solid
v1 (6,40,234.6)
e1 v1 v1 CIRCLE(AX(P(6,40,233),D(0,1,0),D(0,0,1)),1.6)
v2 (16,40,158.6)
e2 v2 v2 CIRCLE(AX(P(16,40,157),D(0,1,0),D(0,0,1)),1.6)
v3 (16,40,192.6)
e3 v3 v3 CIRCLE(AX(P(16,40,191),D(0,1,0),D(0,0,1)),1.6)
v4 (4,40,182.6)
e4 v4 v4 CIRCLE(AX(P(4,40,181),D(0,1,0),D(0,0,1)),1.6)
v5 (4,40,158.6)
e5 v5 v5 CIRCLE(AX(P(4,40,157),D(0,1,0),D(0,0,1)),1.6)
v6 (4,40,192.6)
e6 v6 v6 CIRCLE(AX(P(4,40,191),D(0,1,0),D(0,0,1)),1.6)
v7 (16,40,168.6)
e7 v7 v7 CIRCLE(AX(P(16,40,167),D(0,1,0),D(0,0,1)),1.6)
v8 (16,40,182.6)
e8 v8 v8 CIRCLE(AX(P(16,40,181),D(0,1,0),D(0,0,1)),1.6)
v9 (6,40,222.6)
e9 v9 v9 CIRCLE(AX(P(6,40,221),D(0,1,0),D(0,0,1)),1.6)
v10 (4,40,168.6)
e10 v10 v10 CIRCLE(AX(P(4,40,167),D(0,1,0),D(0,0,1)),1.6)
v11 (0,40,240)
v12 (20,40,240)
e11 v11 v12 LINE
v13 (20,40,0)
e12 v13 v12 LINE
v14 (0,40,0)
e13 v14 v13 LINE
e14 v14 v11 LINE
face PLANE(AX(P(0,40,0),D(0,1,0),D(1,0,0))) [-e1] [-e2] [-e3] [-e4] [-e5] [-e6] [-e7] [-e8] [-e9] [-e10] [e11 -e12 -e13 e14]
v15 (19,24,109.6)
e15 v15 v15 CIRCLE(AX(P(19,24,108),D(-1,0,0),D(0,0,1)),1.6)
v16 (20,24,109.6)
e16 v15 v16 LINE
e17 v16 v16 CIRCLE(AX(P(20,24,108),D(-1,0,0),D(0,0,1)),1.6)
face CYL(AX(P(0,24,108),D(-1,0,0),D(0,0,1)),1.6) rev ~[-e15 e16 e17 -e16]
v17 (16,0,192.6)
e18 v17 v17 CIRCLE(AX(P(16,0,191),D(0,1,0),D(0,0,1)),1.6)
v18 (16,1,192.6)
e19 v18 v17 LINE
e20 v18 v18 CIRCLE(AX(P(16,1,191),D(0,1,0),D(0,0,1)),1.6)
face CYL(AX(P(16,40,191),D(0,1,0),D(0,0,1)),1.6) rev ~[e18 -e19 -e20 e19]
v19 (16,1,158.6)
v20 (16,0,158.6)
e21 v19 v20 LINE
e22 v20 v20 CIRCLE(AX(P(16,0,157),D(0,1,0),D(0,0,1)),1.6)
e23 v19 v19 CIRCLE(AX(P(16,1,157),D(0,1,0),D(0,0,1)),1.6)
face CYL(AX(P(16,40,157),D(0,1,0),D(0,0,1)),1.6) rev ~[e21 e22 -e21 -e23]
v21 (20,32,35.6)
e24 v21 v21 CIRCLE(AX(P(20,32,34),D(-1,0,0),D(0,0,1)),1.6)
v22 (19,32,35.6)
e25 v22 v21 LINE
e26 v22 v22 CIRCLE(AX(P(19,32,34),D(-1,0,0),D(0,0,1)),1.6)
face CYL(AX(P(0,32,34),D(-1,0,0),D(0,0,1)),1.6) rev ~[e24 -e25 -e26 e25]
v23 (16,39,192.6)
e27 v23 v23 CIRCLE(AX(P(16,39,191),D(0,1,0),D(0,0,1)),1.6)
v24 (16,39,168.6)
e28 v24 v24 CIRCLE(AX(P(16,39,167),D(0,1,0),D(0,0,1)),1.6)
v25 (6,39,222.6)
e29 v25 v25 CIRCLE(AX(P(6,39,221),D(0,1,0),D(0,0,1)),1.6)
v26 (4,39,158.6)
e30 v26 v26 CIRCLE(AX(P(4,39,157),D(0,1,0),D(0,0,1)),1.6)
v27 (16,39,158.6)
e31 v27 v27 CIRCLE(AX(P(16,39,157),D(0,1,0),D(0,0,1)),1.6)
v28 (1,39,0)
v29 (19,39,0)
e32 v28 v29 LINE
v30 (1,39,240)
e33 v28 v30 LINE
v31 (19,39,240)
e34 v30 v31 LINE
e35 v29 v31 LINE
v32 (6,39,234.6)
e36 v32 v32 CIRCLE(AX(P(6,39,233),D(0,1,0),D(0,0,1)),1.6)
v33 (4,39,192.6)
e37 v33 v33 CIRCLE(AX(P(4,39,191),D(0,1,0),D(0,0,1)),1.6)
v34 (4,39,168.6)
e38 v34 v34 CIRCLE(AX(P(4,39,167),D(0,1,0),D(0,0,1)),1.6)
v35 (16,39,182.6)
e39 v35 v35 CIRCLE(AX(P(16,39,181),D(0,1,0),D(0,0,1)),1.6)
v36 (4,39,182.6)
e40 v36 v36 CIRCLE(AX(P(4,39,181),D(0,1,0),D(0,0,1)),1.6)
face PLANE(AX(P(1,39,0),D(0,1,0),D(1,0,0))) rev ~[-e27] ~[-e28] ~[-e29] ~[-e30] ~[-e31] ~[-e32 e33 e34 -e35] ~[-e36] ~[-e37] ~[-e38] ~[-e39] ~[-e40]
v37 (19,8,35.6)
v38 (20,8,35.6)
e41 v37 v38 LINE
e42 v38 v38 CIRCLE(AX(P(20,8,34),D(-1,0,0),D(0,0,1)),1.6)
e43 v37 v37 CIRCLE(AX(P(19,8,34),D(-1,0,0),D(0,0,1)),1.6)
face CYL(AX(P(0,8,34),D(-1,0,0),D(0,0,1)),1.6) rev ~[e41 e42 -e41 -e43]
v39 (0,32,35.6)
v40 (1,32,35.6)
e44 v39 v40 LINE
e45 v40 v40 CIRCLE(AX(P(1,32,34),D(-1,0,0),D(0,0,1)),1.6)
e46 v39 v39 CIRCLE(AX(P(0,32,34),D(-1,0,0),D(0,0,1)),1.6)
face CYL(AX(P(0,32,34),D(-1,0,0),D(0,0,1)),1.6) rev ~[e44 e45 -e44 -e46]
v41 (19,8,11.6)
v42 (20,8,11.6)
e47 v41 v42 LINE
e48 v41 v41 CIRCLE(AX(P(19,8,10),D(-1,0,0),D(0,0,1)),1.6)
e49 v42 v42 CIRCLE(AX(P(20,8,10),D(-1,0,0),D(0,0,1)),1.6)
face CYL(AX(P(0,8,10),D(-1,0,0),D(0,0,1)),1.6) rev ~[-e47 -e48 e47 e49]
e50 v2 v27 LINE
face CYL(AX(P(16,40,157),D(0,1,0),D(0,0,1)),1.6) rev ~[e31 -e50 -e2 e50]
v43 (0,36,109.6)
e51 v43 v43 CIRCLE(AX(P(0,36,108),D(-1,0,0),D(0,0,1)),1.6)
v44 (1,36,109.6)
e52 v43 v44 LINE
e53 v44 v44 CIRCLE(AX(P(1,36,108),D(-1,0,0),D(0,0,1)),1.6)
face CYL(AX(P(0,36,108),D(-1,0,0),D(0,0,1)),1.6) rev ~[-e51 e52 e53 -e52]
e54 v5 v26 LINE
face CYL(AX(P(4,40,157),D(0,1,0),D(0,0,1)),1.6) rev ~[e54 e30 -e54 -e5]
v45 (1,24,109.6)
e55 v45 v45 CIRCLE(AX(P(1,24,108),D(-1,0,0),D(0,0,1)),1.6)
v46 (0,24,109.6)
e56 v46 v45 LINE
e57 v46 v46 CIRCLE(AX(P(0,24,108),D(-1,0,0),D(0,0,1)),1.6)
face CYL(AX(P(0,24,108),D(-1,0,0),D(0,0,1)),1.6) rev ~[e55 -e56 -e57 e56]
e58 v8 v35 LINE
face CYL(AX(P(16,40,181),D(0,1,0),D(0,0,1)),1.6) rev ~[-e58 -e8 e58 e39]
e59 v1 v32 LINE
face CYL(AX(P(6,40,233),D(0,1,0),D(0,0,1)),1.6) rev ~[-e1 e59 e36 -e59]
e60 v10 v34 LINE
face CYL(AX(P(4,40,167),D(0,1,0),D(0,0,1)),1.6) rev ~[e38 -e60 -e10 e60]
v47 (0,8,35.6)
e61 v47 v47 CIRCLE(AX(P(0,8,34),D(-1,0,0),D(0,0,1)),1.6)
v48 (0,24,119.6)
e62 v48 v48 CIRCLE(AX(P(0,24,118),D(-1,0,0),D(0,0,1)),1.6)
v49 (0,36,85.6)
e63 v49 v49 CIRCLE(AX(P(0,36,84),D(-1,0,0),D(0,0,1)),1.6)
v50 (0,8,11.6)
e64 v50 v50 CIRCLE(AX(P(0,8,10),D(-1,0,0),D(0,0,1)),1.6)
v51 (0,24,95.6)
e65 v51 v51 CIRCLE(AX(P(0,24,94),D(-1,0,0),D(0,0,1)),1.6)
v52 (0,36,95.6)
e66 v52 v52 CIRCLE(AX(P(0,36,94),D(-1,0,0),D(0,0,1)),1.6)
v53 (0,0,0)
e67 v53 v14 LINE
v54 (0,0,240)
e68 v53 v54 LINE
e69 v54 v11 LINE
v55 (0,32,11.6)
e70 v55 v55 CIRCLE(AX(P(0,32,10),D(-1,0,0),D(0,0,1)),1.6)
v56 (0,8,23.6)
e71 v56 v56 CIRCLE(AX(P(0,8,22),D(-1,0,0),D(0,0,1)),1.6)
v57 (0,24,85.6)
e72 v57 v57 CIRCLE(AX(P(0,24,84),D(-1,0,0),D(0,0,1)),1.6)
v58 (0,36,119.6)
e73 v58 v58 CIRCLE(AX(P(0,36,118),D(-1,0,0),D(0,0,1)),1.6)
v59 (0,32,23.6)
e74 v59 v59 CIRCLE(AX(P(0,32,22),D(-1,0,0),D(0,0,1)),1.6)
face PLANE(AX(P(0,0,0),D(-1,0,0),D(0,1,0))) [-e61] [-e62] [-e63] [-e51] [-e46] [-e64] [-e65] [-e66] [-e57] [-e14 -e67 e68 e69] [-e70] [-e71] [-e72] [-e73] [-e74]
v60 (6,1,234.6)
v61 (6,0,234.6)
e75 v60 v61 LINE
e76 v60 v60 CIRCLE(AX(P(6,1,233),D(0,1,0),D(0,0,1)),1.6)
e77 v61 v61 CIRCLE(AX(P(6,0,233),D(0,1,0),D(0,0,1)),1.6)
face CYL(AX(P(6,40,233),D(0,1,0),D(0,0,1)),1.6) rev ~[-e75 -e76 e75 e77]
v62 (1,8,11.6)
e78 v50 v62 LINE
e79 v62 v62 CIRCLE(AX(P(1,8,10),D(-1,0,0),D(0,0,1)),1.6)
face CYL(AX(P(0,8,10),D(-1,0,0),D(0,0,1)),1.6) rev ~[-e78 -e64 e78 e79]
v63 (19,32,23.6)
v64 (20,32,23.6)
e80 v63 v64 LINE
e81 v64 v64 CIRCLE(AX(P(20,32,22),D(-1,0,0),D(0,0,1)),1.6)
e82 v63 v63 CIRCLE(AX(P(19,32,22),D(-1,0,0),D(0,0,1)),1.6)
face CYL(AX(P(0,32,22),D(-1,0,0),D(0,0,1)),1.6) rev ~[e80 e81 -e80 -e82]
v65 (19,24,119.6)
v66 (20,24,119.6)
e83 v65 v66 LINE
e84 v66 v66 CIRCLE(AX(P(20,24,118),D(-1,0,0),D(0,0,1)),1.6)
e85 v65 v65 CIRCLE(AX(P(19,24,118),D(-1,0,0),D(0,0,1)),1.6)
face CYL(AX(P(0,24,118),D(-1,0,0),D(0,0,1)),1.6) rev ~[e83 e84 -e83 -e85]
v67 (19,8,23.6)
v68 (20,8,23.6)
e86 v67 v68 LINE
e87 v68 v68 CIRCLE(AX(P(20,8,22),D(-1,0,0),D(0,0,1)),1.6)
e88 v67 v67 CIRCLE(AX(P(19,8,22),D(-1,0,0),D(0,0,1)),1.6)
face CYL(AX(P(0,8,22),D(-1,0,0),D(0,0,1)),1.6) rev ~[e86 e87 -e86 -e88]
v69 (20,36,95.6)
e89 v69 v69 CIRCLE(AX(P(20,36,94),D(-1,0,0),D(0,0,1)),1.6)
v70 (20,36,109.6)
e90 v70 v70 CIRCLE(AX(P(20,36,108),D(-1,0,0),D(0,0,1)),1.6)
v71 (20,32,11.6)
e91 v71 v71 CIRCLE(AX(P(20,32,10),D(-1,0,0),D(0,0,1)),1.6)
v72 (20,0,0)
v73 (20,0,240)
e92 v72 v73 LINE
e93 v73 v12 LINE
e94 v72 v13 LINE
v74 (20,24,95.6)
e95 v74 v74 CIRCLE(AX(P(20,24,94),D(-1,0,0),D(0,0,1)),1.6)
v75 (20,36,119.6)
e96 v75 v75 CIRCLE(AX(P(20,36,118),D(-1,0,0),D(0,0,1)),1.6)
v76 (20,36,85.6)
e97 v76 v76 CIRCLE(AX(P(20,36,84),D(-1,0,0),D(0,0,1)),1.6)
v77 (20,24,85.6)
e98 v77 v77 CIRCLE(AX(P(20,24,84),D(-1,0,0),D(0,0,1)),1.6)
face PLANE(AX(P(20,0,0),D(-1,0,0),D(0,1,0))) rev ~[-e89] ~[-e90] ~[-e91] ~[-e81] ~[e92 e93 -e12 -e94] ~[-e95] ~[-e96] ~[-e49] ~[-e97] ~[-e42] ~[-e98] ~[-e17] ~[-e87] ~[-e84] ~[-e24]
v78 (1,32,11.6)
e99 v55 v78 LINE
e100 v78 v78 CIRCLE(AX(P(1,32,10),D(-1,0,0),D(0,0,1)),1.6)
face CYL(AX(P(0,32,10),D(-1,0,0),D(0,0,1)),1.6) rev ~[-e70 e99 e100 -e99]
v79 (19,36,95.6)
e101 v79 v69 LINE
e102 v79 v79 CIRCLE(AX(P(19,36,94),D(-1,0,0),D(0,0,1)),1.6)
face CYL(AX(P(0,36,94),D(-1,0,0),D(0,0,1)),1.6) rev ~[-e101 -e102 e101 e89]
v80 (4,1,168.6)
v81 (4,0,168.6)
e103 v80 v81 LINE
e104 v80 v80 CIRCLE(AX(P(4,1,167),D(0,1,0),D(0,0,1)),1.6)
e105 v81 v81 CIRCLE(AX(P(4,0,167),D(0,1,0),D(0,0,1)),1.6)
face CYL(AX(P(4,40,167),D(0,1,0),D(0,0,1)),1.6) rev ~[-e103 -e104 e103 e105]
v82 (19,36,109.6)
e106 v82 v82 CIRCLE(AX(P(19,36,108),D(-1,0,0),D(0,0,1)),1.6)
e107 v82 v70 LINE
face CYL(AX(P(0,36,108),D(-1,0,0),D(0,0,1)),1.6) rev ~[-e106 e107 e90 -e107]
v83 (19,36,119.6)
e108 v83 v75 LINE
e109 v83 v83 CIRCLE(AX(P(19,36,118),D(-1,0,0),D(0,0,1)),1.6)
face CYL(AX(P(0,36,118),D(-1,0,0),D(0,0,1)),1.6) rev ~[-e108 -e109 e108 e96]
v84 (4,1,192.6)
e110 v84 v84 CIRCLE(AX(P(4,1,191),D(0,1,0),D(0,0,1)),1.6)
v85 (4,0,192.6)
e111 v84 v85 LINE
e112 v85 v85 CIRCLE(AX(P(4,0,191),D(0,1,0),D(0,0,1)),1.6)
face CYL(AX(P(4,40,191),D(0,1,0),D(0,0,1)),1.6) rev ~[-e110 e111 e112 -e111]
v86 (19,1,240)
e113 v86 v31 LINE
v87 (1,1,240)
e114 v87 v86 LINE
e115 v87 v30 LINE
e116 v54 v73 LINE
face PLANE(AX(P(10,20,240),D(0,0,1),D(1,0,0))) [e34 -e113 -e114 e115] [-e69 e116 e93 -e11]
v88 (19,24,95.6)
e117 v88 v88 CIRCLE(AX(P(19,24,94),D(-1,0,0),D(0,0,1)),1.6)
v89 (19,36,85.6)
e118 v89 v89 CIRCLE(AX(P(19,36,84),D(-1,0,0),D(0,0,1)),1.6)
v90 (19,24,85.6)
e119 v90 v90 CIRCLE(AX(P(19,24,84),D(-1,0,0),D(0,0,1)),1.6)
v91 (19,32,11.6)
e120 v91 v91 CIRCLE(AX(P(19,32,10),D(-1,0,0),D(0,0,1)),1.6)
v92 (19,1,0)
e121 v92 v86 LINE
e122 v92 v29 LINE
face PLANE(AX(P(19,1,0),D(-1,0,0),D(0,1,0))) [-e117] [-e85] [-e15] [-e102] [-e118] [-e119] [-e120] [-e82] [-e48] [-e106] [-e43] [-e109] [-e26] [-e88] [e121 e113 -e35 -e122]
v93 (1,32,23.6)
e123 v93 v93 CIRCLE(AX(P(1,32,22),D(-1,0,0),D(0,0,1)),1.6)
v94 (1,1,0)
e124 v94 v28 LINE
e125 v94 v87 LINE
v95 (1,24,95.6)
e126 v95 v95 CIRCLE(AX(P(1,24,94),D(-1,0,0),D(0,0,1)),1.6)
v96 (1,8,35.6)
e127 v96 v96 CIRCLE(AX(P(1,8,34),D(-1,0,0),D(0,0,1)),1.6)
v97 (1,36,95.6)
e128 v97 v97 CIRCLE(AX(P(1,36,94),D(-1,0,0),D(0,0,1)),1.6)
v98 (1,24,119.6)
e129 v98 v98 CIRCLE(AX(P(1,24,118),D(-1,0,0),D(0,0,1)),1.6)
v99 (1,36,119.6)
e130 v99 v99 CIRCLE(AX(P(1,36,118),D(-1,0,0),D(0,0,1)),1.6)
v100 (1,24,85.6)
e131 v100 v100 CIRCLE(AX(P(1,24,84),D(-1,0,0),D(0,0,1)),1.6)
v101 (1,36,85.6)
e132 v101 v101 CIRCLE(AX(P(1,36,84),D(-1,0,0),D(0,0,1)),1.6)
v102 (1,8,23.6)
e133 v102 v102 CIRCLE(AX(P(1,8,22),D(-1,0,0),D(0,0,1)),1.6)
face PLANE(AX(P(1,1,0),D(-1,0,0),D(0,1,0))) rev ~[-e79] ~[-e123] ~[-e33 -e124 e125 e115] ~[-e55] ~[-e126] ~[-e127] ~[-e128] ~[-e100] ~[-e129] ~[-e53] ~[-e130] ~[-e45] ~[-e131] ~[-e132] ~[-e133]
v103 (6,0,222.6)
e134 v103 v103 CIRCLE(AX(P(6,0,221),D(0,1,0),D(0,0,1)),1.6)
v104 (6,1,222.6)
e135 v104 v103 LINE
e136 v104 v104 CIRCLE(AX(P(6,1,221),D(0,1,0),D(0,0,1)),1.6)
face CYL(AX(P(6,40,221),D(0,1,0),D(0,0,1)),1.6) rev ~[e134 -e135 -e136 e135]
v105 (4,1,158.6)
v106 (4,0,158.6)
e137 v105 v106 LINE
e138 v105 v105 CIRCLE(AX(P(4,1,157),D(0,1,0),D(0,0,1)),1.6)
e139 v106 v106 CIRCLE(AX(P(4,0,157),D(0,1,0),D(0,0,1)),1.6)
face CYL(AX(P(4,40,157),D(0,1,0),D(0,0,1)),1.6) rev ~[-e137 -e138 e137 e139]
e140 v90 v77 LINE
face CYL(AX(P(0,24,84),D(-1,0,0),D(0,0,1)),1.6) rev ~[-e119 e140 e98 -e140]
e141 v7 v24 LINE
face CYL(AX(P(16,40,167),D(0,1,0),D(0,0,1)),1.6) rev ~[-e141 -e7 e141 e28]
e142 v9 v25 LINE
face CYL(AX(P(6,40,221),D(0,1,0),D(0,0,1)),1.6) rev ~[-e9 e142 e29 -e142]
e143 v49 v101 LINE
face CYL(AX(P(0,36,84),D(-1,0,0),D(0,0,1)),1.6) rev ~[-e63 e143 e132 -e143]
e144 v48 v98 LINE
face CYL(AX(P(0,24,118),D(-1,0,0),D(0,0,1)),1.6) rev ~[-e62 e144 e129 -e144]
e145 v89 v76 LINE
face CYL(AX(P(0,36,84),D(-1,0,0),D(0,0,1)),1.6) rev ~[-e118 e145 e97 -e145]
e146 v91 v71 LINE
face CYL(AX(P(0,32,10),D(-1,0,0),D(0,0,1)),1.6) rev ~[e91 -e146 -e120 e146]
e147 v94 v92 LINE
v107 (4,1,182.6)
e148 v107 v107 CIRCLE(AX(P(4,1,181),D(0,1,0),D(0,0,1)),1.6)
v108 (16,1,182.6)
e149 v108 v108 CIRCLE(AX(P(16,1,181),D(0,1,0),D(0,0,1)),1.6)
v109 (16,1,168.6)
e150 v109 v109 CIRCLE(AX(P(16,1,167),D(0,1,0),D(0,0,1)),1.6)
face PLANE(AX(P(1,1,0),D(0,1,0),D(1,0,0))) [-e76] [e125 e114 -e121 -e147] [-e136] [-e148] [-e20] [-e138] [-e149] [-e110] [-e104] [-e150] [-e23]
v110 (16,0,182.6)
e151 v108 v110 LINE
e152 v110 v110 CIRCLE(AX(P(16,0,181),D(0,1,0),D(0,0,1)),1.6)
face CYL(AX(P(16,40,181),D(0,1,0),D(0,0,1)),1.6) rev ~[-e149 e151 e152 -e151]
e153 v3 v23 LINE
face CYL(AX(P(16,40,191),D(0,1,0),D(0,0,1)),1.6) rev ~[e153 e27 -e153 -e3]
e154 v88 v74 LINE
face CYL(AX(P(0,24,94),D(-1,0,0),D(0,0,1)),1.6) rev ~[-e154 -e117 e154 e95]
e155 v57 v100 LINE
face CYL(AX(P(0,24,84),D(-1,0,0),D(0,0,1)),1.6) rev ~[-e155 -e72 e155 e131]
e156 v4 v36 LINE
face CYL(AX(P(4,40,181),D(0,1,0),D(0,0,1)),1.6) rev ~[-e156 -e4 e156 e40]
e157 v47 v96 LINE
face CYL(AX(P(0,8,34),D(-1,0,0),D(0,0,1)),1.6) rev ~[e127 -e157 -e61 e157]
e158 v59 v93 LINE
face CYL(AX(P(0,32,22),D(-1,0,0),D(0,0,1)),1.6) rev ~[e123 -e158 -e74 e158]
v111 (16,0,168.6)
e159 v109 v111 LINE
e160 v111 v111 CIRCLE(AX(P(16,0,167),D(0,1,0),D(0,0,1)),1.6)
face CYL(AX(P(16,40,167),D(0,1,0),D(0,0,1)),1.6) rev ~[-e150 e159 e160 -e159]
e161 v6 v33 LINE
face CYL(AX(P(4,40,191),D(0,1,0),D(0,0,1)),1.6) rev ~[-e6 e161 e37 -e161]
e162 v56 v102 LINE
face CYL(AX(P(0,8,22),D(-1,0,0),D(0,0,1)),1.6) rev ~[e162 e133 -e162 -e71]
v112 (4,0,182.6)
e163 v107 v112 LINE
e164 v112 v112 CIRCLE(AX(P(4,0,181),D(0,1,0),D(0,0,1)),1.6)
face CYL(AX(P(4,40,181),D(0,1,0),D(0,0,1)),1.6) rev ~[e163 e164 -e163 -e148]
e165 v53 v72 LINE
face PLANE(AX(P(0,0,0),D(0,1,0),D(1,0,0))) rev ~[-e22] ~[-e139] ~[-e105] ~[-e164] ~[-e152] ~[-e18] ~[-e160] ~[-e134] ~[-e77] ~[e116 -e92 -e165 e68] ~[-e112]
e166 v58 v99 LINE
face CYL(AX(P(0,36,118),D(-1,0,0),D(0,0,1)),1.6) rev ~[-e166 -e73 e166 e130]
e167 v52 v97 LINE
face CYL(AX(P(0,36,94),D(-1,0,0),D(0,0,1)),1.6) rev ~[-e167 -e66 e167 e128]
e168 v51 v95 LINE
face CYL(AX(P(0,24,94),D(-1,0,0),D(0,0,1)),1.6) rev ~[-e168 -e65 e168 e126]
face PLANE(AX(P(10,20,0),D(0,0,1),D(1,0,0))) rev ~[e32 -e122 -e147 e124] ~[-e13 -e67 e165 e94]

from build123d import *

# Parameters (mm, degrees)
SKETCH_1_W          = 20
SKETCH_1_H          = 40
SKETCH_1_W_2        = 18
SKETCH_1_H_2        = 38
EXTRUDE_1_DEPTH     = 240
SKETCH_2_R          = 1.6
CUT_EXTRUDE_1_DEPTH = 280
SKETCH_3_R          = 1.6
CUT_EXTRUDE_2_DEPTH = 280


with BuildPart() as part:
    # 草图1 → 凸台-拉伸1 (new body)
    with BuildSketch(Plane.XY):
        with Locations((10, 20)):
            Rectangle(SKETCH_1_W, SKETCH_1_H)
        with Locations((10, 20)):
            Rectangle(SKETCH_1_W_2, SKETCH_1_H_2, mode=Mode.SUBTRACT)
    extrude(amount=EXTRUDE_1_DEPTH)

    # 草图2 → 切除-拉伸1 (cut)
    with BuildSketch(Plane(origin=(0, 40, 0), x_dir=(1, 0, 0), z_dir=(0, 1, 0))):
        with Locations(Location((6, -221, 0), (0, 0, 270))):
            Circle(SKETCH_2_R)
        with Locations(Location((6, -233, 0), (0, 0, 270))):
            Circle(SKETCH_2_R)
        with Locations((34, -221)):
            Circle(SKETCH_2_R)
        with Locations((34, -233)):
            Circle(SKETCH_2_R)
        with Locations(Location((4, -191, 0), (0, 0, 270))):
            Circle(SKETCH_2_R)
        with Locations(Location((4, -181, 0), (0, 0, 270))):
            Circle(SKETCH_2_R)
        with Locations(Location((16, -167, 0), (0, 0, 270))):
            Circle(SKETCH_2_R)
        with Locations(Location((16, -157, 0), (0, 0, 270))):
            Circle(SKETCH_2_R)
        with Locations(Location((4, -167, 0), (0, 0, 270))):
            Circle(SKETCH_2_R)
        with Locations(Location((4, -157, 0), (0, 0, 270))):
            Circle(SKETCH_2_R)
        with Locations(Location((16, -191, 0), (0, 0, 270))):
            Circle(SKETCH_2_R)
        with Locations(Location((16, -181, 0), (0, 0, 270))):
            Circle(SKETCH_2_R)
    extrude(amount=-CUT_EXTRUDE_1_DEPTH, mode=Mode.SUBTRACT)

    # 草图3 → 切除-拉伸2 (cut)
    with BuildSketch(Plane.ZY):
        with Locations((10, 8)):
            Circle(SKETCH_3_R)
        with Locations((34, 8)):
            Circle(SKETCH_3_R)
        with Locations((10, 32)):
            Circle(SKETCH_3_R)
        with Locations((34, 32)):
            Circle(SKETCH_3_R)
        with Locations((22, 32)):
            Circle(SKETCH_3_R)
        with Locations((22, 8)):
            Circle(SKETCH_3_R)
        with Locations((84, 24)):
            Circle(SKETCH_3_R)
        with Locations((94, 24)):
            Circle(SKETCH_3_R)
        with Locations((108, 36)):
            Circle(SKETCH_3_R)
        with Locations((118, 36)):
            Circle(SKETCH_3_R)
        with Locations((108, 24)):
            Circle(SKETCH_3_R)
        with Locations((118, 24)):
            Circle(SKETCH_3_R)
        with Locations((84, 36)):
            Circle(SKETCH_3_R)
        with Locations((94, 36)):
            Circle(SKETCH_3_R)
    extrude(amount=-CUT_EXTRUDE_2_DEPTH, mode=Mode.SUBTRACT)


solid = part.part
